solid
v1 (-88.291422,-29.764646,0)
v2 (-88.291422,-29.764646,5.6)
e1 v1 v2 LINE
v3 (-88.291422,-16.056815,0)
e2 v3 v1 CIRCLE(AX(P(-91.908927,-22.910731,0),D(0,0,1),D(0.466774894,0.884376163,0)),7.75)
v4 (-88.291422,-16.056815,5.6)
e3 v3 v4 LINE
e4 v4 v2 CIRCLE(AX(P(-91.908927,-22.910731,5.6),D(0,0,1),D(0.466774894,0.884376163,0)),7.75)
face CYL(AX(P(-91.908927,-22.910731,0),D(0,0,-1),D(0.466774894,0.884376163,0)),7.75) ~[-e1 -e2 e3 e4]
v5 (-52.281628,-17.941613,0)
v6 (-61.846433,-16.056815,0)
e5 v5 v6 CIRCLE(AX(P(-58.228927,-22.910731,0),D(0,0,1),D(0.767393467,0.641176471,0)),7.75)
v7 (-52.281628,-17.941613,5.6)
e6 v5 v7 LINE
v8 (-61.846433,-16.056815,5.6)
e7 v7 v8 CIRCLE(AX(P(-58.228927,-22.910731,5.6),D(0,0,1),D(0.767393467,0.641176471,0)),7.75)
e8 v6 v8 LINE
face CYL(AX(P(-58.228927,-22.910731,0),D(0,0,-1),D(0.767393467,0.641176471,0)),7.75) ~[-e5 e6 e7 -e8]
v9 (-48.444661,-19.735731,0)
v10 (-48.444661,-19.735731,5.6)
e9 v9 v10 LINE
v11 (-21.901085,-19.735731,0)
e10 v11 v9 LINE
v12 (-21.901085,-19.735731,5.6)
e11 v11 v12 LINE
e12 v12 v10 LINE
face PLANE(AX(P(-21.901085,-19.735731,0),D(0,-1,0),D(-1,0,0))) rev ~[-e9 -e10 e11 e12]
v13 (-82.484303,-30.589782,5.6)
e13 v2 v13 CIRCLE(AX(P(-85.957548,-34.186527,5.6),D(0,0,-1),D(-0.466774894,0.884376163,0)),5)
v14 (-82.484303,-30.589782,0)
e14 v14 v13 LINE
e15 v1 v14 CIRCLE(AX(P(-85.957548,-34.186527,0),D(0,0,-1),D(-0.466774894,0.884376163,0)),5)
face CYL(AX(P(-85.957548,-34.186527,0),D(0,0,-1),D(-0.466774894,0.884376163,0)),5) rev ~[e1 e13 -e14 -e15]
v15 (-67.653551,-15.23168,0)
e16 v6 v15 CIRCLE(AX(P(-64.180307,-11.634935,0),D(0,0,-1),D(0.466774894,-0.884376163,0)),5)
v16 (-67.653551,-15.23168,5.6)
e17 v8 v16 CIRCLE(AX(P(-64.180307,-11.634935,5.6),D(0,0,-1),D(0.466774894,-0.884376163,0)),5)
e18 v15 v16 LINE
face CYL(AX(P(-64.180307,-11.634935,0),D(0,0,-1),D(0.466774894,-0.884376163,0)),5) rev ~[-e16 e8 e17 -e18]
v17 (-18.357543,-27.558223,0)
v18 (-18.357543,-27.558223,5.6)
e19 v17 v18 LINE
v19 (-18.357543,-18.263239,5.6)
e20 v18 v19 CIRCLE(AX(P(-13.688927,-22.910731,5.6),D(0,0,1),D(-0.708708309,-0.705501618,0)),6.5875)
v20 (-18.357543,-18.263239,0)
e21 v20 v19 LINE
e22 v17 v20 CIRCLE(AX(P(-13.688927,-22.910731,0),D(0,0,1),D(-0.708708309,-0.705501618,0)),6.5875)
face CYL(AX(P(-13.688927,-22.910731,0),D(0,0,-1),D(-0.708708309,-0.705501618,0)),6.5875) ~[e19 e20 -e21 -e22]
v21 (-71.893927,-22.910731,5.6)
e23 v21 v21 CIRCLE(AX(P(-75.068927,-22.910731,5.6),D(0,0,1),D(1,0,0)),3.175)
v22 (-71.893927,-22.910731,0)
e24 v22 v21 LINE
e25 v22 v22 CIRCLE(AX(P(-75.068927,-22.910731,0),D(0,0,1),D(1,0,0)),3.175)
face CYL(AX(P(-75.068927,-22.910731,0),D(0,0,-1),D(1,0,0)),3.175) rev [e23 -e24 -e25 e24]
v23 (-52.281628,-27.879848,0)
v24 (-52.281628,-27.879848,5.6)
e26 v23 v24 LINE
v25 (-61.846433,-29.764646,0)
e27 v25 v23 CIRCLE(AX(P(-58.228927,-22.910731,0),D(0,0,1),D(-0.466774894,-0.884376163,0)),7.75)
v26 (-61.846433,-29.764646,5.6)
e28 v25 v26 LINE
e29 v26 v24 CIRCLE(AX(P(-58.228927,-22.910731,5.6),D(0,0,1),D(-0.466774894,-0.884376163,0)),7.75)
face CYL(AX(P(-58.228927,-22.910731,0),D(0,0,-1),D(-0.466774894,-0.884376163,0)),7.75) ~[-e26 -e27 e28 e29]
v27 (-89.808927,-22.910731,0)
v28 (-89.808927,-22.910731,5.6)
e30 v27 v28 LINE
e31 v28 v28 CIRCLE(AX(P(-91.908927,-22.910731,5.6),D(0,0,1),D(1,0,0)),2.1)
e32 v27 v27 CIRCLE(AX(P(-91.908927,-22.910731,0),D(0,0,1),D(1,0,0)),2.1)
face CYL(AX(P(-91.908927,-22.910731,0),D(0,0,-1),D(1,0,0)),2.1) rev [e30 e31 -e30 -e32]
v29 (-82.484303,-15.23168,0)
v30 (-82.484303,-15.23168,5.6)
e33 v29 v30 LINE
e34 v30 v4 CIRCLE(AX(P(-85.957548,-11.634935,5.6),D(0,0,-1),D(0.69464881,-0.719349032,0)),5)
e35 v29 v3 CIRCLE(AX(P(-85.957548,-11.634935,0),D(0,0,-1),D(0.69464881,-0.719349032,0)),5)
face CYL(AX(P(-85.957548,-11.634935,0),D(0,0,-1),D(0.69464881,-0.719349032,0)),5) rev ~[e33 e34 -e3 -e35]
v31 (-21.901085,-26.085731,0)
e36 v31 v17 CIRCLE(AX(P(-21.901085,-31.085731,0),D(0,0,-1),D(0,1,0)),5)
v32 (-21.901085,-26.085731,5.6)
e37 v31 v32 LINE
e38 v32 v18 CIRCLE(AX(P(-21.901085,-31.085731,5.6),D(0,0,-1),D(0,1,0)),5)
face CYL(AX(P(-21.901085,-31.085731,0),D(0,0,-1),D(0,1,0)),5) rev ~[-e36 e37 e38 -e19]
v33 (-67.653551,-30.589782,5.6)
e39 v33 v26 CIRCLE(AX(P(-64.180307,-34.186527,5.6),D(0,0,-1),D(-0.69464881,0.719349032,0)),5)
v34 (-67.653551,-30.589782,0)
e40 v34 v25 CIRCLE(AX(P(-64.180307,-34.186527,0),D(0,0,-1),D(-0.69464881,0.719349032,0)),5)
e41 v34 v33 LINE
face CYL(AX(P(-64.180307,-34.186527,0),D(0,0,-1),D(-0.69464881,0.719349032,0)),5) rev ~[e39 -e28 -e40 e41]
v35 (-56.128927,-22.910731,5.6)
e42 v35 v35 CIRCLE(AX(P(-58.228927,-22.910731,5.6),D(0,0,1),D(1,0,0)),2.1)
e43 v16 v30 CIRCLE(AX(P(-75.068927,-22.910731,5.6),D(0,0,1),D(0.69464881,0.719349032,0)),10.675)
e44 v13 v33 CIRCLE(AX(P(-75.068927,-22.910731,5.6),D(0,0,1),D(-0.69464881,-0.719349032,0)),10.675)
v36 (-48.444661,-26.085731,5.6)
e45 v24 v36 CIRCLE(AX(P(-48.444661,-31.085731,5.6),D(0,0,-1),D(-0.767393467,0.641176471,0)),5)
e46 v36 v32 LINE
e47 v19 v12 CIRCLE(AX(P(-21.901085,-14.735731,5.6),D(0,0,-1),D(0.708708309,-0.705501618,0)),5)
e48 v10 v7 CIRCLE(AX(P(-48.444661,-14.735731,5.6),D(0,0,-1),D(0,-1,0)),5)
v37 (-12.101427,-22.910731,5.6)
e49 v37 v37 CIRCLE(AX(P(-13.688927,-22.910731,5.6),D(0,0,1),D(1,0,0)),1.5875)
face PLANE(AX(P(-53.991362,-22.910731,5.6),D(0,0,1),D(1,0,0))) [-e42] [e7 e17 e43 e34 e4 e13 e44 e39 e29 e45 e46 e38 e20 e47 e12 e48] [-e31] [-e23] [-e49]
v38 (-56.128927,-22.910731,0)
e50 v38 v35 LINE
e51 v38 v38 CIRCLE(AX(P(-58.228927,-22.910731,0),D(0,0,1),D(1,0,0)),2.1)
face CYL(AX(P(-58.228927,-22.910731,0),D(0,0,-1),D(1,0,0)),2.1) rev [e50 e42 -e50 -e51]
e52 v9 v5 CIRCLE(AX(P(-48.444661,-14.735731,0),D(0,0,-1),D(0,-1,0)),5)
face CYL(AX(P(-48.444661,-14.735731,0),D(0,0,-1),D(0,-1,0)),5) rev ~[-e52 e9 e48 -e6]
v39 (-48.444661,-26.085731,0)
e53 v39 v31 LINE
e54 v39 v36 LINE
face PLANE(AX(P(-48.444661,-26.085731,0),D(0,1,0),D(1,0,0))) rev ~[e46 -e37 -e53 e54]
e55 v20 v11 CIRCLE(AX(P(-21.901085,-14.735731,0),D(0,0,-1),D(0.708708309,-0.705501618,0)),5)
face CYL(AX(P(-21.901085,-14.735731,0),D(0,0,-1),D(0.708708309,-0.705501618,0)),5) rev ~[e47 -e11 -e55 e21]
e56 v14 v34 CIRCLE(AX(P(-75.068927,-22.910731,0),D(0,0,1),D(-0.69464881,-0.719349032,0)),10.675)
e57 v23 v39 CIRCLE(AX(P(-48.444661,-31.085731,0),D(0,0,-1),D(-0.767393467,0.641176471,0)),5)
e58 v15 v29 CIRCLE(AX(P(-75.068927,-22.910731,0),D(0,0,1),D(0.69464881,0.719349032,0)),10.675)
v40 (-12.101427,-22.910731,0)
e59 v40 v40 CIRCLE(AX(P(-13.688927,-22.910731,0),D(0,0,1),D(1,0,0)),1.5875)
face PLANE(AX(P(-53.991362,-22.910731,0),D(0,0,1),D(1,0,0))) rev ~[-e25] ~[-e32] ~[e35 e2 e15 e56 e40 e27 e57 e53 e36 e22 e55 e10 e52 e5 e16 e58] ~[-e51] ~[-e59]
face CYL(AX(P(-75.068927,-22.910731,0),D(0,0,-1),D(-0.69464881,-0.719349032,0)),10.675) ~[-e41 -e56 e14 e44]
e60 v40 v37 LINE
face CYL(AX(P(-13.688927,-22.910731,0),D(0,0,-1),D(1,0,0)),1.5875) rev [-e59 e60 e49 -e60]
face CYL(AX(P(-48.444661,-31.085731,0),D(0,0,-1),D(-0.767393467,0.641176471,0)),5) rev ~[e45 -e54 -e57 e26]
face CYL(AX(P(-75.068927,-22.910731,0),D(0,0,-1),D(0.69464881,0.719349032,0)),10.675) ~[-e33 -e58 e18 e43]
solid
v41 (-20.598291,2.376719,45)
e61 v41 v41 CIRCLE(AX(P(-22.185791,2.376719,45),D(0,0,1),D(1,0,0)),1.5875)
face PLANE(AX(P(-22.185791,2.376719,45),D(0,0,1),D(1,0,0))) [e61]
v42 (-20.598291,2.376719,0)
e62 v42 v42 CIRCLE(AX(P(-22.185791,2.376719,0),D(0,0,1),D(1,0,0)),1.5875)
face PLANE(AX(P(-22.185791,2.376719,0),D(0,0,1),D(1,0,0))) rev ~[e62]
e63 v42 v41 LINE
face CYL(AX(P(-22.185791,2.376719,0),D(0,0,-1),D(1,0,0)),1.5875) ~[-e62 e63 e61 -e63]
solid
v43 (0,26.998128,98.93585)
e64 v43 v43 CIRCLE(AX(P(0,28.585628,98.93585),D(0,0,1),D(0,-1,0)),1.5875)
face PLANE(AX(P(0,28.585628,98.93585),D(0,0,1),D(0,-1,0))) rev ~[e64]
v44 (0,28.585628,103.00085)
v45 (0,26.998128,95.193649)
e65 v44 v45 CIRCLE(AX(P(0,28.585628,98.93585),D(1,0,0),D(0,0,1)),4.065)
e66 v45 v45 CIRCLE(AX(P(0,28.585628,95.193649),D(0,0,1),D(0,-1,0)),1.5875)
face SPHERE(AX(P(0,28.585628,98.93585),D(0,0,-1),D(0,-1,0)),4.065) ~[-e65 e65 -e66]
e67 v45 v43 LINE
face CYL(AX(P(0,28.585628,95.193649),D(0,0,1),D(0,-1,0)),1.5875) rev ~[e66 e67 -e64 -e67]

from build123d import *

# Parameters (mm, degrees)
F3_R     = 1.5875
F4_DEPTH = 45
F5_R     = 3.175
F5_R_2   = 2.1
F5_R_3   = 1.5875
F6_DEPTH = 5.6


with BuildPart() as f2:
    # F1 (on Right) → F2 (revolve)
    with BuildSketch(Plane.YZ):
        with BuildLine():
            Line((28.5856276751, 98.9358499646), (28.5856276751, 103.0008499646))
            ThreePointArc((28.5856276751, 103.0008499646), (24.6021447583, 99.7458430831), (26.9981276751, 95.1936489078))
            Line((26.9981276751, 95.1936489078), (26.9981276751, 98.9358499646))
            Line((26.9981276751, 98.9358499646), (28.5856276751, 98.9358499646))
        make_face()
    revolve(axis=Axis((0, 28.5856276751, 100.9683499646), (0, 0, 1)))


with BuildPart() as f4:
    # F3 (on Top) → F4 (new body)
    with BuildSketch(Plane.XY):
        with Locations((-22.1857912838, 2.3767193779)):
            Circle(F3_R)
    extrude(amount=F4_DEPTH)


with BuildPart() as f6:
    # F5 (on Top) → F6 (new body)
    with BuildSketch(Plane.XY):
        with BuildLine():
            ThreePointArc((-61.8464328335, -16.0568153762), (-64.8836940912, -16.5852120292), (-67.653551355, -15.2316797214))
            ThreePointArc((-67.653551355, -15.2316797214), (-75.0689274046, -12.2357306421), (-82.4843034542, -15.2316797214))
            ThreePointArc((-82.4843034542, -15.2316797214), (-85.2541607181, -16.5852120292), (-88.2914219758, -16.0568153762))
            ThreePointArc((-88.2914219758, -16.0568153762), (-99.6589274046, -22.9107306421), (-88.2914219758, -29.764645908))
            ThreePointArc((-88.2914219758, -29.764645908), (-85.2541607181, -29.236249255), (-82.4843034542, -30.5897815628))
            ThreePointArc((-82.4843034542, -30.5897815628), (-75.0689274046, -33.5857306421), (-67.653551355, -30.5897815628))
            ThreePointArc((-67.653551355, -30.5897815628), (-64.8836940912, -29.236249255), (-61.8464328335, -29.764645908))
            ThreePointArc((-61.8464328335, -29.764645908), (-56.7305614716, -30.5145059893), (-52.2816280335, -27.8798482891))
            ThreePointArc((-52.2816280335, -27.8798482891), (-50.5625119947, -26.5564143711), (-48.4446606973, -26.0857306421))
            Line((-48.4446606973, -26.0857306421), (-21.9010849317, -26.0857306421))
            ThreePointArc((-21.9010849317, -26.0857306421), (-19.9824318173, -26.4685052603), (-18.3575433882, -27.5582225515))
            ThreePointArc((-18.3575433882, -27.5582225515), (-7.1014274046, -22.9107306421), (-18.3575433882, -18.2632387327))
            ThreePointArc((-18.3575433882, -18.2632387327), (-19.9824318173, -19.3529560239), (-21.9010849317, -19.7357306421))
            Line((-21.9010849317, -19.7357306421), (-48.4446606973, -19.7357306421))
            ThreePointArc((-48.4446606973, -19.7357306421), (-50.5625119947, -19.265046913), (-52.2816280335, -17.941612995))
            ThreePointArc((-52.2816280335, -17.941612995), (-56.7305614716, -15.3069552949), (-61.8464328335, -16.0568153762))
        make_face()
        with Locations((-75.0689274046, -22.9107306421)):
            Circle(F5_R, mode=Mode.SUBTRACT)
        with Locations((-91.9089274046, -22.9107306421)):
            Circle(F5_R_2, mode=Mode.SUBTRACT)
        with Locations((-58.2289274046, -22.9107306421)):
            Circle(F5_R_2, mode=Mode.SUBTRACT)
        with Locations((-13.6889274046, -22.9107306421)):
            Circle(F5_R_3, mode=Mode.SUBTRACT)
    extrude(amount=F6_DEPTH)


solid = Compound([f2.part, f4.part, f6.part])
